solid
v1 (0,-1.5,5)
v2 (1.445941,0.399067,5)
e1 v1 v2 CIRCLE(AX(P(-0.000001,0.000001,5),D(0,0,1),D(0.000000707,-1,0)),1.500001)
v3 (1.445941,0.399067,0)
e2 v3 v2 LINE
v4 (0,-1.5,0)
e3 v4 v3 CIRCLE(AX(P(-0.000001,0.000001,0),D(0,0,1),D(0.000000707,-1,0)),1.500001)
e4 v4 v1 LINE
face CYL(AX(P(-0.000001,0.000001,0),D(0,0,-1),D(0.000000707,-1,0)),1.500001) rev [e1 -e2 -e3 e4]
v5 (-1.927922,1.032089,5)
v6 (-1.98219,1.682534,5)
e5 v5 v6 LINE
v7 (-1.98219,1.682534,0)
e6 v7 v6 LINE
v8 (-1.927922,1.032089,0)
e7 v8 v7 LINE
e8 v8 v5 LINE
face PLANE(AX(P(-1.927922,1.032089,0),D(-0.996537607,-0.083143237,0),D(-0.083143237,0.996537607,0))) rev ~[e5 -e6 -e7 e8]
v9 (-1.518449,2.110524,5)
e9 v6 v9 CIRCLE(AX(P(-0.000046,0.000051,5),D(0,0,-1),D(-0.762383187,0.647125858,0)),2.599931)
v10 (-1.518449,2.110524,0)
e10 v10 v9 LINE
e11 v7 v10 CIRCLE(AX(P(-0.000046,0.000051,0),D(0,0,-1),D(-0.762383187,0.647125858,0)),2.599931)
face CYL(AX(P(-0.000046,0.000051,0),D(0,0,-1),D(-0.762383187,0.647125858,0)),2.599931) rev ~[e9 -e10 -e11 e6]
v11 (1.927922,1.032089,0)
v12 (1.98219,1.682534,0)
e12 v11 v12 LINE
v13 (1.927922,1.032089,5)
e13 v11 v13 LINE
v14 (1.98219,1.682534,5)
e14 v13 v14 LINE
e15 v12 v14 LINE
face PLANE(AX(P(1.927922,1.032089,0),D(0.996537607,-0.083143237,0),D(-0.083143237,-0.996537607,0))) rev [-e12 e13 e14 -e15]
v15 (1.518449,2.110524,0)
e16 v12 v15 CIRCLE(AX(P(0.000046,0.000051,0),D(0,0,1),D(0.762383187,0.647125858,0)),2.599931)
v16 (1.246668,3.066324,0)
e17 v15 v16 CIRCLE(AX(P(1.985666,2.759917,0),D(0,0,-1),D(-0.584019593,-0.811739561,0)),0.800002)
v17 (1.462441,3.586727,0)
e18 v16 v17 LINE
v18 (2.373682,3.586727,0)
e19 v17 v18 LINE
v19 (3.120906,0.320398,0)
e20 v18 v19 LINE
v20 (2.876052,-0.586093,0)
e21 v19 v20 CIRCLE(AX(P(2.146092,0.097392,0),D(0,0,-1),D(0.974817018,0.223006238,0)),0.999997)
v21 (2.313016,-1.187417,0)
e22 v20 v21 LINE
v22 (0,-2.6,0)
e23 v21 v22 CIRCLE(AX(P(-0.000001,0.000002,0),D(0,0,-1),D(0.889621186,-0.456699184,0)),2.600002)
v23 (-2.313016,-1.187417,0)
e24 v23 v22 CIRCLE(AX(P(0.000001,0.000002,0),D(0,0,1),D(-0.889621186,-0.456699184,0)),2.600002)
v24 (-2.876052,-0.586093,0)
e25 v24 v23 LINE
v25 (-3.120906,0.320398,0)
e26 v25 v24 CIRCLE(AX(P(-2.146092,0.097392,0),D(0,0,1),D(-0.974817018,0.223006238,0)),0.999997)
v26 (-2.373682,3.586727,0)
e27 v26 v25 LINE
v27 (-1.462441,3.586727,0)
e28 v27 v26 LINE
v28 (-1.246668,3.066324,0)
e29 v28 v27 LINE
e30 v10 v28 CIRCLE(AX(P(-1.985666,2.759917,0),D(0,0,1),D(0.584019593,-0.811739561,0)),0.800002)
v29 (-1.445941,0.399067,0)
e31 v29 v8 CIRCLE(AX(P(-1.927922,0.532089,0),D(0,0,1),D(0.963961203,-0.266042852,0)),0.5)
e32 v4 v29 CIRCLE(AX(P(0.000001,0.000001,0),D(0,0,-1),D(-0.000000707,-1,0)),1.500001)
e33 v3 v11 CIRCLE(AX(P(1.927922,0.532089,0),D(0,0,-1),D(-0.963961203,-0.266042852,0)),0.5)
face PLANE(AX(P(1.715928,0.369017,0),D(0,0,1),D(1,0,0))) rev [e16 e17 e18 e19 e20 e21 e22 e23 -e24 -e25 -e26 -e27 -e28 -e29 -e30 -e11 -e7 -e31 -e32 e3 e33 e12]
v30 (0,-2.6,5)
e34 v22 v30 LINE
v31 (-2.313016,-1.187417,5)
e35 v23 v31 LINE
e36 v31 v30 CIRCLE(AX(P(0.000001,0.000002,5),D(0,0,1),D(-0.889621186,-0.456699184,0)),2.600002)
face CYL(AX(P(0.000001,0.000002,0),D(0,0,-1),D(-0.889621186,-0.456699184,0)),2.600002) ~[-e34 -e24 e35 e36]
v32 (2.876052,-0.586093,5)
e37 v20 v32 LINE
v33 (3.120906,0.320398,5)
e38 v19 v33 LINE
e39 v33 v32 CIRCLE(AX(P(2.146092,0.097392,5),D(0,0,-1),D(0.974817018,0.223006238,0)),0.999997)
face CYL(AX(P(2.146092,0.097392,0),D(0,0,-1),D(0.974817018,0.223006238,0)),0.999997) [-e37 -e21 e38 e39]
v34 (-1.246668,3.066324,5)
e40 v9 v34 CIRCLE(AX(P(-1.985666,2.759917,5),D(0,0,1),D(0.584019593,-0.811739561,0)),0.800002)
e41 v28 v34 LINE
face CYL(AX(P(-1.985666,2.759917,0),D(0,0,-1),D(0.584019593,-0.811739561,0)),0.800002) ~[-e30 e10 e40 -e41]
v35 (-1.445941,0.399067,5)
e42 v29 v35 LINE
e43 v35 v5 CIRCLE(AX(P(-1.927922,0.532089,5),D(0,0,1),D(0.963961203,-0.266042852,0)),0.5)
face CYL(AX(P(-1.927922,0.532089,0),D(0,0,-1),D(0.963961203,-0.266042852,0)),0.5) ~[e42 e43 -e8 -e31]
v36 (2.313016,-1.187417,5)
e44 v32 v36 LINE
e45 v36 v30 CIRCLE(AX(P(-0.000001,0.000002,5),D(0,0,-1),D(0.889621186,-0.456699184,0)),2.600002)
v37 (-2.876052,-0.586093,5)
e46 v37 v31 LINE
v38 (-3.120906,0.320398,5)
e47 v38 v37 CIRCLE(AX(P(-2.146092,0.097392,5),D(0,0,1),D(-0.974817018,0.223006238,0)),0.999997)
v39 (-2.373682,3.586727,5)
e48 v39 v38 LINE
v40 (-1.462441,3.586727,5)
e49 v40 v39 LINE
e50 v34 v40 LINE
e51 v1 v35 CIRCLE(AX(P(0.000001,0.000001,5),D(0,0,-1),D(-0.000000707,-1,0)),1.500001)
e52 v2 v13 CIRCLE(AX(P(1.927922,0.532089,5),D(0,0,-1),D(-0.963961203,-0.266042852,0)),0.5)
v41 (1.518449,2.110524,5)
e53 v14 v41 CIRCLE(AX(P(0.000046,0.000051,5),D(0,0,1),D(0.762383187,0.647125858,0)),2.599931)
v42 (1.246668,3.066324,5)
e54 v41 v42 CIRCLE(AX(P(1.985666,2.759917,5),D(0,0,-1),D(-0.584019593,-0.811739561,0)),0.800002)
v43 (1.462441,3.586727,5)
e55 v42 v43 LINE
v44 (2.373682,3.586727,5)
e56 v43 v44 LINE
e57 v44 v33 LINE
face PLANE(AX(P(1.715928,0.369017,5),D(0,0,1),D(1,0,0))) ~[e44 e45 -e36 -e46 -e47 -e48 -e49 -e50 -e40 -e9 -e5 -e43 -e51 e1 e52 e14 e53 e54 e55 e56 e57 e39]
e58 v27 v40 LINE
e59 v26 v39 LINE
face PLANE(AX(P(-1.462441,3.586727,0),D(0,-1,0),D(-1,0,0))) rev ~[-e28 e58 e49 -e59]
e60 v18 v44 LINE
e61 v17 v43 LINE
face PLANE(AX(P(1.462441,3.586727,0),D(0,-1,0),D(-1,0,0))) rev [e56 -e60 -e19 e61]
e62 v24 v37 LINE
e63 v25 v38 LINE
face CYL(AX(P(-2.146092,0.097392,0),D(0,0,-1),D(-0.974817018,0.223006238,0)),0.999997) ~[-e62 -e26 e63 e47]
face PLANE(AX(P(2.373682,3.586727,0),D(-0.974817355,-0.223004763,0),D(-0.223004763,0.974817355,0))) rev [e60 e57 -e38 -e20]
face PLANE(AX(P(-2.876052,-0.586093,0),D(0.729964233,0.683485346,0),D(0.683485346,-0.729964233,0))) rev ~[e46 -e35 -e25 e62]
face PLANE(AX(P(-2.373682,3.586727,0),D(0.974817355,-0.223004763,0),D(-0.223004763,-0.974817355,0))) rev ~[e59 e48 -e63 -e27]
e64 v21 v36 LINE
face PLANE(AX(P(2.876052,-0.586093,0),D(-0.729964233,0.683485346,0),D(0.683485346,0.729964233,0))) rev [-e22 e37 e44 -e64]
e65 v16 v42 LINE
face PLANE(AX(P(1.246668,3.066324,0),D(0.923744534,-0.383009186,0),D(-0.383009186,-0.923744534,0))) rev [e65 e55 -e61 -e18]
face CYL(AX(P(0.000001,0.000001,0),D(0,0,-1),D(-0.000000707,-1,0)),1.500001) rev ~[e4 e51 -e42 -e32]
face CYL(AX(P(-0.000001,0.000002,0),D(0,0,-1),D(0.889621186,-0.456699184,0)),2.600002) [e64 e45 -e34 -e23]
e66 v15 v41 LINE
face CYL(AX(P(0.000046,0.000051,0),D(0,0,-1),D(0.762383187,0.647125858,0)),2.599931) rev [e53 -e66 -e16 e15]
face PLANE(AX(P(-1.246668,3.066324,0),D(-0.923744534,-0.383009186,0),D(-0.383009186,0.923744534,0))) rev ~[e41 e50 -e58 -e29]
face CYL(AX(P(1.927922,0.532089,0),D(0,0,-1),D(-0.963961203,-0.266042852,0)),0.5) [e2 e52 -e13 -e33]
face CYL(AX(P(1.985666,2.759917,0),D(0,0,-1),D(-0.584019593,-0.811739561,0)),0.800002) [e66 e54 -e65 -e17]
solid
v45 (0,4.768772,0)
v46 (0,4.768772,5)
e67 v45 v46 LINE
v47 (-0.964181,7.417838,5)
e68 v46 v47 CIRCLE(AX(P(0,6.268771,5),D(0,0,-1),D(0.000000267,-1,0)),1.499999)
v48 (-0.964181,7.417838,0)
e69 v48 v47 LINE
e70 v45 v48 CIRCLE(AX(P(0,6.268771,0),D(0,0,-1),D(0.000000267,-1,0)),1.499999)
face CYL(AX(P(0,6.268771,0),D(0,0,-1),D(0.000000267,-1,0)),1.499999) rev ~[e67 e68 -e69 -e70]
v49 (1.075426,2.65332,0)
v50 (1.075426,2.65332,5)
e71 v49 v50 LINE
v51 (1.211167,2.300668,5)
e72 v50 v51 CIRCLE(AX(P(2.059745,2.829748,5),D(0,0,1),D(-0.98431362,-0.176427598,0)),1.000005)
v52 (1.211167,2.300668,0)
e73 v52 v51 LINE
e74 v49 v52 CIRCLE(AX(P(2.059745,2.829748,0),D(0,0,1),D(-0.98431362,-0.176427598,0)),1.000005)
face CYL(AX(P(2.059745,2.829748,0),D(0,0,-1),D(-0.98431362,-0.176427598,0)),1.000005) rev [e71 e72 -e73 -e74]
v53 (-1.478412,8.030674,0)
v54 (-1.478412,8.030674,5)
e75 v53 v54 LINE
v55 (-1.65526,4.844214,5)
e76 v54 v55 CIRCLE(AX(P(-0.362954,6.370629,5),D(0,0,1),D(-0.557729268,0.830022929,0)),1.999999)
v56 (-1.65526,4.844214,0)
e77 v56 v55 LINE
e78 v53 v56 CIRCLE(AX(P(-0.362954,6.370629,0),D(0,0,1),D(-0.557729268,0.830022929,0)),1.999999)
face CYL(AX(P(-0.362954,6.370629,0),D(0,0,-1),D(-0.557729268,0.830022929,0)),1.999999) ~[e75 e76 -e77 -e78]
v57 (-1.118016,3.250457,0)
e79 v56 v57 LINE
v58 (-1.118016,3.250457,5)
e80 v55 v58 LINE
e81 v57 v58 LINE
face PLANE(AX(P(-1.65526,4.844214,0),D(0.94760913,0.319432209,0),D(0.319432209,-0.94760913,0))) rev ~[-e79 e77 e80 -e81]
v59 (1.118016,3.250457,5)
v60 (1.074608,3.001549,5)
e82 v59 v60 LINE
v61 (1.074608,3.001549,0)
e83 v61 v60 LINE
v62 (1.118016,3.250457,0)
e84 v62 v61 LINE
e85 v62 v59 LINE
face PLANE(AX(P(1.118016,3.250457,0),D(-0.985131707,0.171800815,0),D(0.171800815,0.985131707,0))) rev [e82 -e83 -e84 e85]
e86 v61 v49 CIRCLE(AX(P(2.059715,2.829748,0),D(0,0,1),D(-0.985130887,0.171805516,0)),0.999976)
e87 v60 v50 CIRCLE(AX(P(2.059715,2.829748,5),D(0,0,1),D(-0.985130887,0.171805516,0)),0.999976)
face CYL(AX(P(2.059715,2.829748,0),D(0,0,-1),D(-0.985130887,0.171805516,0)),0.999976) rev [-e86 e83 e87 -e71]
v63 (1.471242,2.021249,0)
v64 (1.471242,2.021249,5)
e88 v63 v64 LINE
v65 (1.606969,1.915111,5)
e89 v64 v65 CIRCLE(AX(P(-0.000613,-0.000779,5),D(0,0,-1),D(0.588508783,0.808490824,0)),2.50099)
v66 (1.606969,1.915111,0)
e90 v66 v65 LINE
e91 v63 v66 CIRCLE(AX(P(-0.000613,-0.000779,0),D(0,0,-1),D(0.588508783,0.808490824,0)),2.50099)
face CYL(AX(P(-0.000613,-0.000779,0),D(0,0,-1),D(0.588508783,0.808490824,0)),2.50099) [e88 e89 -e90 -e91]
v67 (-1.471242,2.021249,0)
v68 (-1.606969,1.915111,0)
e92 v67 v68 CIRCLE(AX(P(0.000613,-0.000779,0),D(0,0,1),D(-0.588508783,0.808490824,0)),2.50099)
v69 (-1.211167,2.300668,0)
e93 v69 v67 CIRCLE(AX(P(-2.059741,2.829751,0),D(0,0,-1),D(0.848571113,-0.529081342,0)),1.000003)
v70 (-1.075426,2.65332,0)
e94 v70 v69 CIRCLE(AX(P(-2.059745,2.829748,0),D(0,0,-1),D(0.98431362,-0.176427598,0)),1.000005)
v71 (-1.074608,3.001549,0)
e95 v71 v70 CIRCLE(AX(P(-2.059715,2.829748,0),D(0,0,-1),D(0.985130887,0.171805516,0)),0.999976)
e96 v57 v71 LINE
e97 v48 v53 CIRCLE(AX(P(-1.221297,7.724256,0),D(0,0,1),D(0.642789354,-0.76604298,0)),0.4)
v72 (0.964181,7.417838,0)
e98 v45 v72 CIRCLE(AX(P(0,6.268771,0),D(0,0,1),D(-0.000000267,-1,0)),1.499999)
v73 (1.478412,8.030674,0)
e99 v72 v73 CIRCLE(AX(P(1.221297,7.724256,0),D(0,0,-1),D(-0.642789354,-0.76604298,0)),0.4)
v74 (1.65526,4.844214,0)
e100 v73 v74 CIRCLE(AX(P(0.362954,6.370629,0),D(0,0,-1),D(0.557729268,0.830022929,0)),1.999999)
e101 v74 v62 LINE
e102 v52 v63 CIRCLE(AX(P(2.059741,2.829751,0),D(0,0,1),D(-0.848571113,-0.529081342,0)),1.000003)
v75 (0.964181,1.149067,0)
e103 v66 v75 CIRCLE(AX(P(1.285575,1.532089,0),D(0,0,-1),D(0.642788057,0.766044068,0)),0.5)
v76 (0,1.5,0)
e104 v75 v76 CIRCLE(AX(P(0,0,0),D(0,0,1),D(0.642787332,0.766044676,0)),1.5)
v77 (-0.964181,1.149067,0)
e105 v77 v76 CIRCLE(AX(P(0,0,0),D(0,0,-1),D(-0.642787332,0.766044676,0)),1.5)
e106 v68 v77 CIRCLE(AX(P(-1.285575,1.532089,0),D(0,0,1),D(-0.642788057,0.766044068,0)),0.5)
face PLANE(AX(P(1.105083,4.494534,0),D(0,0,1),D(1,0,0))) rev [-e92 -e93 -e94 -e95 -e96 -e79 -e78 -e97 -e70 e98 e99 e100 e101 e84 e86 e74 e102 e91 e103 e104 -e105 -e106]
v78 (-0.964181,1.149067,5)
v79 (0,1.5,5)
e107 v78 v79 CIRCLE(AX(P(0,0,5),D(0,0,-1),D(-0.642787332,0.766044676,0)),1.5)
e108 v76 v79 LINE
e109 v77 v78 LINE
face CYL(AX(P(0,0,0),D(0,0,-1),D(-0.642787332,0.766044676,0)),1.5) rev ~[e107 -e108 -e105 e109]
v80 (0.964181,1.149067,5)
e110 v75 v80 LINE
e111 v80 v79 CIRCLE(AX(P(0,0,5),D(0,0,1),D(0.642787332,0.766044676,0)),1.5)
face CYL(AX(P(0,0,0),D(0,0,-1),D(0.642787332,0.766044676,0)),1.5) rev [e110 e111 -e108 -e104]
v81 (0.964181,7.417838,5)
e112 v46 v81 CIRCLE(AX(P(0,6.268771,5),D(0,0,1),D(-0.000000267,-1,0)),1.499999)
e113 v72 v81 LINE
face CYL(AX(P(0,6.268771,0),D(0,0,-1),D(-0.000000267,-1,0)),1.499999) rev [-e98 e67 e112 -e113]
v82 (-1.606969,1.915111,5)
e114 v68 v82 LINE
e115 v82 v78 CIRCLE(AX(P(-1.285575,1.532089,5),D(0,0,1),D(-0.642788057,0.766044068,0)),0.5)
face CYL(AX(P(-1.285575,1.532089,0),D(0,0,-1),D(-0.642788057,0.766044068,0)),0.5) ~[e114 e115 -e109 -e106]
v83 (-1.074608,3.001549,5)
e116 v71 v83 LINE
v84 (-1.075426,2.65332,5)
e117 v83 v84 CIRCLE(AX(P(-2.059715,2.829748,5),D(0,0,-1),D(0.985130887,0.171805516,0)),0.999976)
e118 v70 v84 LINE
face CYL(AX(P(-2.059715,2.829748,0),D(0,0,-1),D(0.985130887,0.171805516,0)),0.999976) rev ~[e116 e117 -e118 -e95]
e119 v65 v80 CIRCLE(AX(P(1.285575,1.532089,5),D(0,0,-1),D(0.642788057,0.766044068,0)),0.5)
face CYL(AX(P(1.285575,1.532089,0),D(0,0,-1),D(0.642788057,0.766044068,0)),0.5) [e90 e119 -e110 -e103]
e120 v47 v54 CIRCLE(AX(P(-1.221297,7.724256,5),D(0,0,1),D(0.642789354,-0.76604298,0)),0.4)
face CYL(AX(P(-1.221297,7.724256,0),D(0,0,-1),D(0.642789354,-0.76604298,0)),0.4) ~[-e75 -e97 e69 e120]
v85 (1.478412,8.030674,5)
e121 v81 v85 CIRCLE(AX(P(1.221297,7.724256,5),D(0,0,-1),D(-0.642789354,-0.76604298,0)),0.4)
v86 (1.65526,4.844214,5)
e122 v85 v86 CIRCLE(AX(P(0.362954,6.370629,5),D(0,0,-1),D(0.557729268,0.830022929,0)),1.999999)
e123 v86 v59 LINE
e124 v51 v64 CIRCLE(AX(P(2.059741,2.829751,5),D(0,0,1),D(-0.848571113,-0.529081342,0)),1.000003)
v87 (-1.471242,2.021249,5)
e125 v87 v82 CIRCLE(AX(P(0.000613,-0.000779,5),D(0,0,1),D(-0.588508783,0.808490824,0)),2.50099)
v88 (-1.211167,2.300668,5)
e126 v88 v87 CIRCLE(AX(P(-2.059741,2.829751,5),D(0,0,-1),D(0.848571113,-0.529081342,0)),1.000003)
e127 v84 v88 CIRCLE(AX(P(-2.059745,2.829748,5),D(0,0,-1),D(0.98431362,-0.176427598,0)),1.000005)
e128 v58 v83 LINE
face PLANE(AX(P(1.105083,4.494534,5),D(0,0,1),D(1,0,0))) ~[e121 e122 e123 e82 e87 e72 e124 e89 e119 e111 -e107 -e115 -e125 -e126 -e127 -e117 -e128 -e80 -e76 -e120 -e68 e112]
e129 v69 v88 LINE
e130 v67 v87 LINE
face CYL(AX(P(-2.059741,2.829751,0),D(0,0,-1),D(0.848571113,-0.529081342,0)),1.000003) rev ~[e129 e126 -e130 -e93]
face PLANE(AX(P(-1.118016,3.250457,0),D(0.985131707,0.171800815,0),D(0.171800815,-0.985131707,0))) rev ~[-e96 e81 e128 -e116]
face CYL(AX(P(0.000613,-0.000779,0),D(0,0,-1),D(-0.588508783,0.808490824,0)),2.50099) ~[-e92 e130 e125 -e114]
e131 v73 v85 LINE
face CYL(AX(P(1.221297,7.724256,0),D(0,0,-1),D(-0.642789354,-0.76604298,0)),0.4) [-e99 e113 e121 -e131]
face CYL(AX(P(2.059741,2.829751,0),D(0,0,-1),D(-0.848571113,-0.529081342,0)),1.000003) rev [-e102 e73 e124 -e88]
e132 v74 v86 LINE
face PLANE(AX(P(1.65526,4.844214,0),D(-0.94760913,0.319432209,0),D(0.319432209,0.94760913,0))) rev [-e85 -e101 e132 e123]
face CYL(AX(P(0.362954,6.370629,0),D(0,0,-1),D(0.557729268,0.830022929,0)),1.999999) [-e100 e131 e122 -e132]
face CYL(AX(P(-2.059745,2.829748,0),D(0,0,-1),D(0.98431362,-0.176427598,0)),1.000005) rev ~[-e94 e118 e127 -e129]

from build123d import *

# Parameters (mm, degrees)
F1_DEPTH = 5
F2_DEPTH = 5
F3_DEPTH = 5


with BuildPart() as f1:
    # F0 (on Top) → F1 (new body)
    with BuildSketch(Plane.XY):
        with BuildLine():
            Line((0, 1.5), (0, 2))
            Line((0, 2), (0, 2.6))
            Line((0, 2.6), (0, 3.047834))
            Line((0, 3.047834), (0, 4.768772))
            ThreePointArc((0, 4.768772), (-1.409539, 5.755742), (-0.964181, 7.417838))
            ThreePointArc((-0.964181, 7.417838), (-0.914879, 7.981371), (-1.478412, 8.030674))
            ThreePointArc((-1.478412, 8.030674), (-2.35988, 6.481458), (-1.65526, 4.844214))
            Line((-1.65526, 4.844214), (-1.118016, 3.250457))
            Line((-1.118016, 3.250457), (-1.074608, 3.001549))
            ThreePointArc((-1.074608, 3.001549), (-1.059742, 2.827399), (-1.075426, 2.65332))
            ThreePointArc((-1.075426, 2.65332), (-1.126488, 2.470524), (-1.211167, 2.300668))
            ThreePointArc((-1.211167, 2.300668), (-1.327748, 2.148434), (-1.471242, 2.021249))
            ThreePointArc((-1.471242, 2.021249), (-1.54002, 1.969349), (-1.606969, 1.915111))
            ThreePointArc((-1.606969, 1.915111), (-1.668597, 1.210695), (-0.964181, 1.149067))
            ThreePointArc((-0.964181, 1.149067), (-0.51303, 1.409539), (0, 1.5))
        make_face()
    extrude(amount=F1_DEPTH)

    # F5: F1 across plane


with BuildPart() as f2:
    # F0 (on Top) → F2 (new body)
    with BuildSketch(Plane.XY):
        with BuildLine():
            ThreePointArc((0, -1.5), (-1.19344, -0.90868), (-1.445941, 0.399067))
            ThreePointArc((-1.445941, 0.399067), (-1.530108, 0.834982), (-1.927922, 1.032089))
            Line((-1.927922, 1.032089), (-1.98219, 1.682534))
            ThreePointArc((-1.98219, 1.682534), (-1.763353, 1.910651), (-1.518449, 2.110524))
            ThreePointArc((-1.518449, 2.110524), (-1.216168, 2.541111), (-1.246668, 3.066324))
            Line((-1.246668, 3.066324), (-1.462441, 3.586727))
            Line((-1.462441, 3.586727), (-2.373682, 3.586727))
            Line((-2.373682, 3.586727), (-3.120906, 0.320398))
            ThreePointArc((-3.120906, 0.320398), (-3.111491, -0.163373), (-2.876052, -0.586093))
            Line((-2.876052, -0.586093), (-2.313016, -1.187417))
            ThreePointArc((-2.313016, -1.187417), (-1.355123, -2.218928), (0, -2.6))
            Line((0, -2.6), (0, -2.5))
            Line((0, -2.5), (0, -1.5))
        make_face()
    extrude(amount=F2_DEPTH)

    # F0 (on Top) → F3 (join)
    with BuildSketch(Plane.XY):
        with BuildLine():
            ThreePointArc((0, -1.5), (-1.19344, -0.90868), (-1.445941, 0.399067))
            ThreePointArc((-1.445941, 0.399067), (-1.530108, 0.834982), (-1.927922, 1.032089))
            Line((-1.927922, 1.032089), (-1.98219, 1.682534))
            ThreePointArc((-1.98219, 1.682534), (-1.763353, 1.910651), (-1.518449, 2.110524))
            ThreePointArc((-1.518449, 2.110524), (-1.216168, 2.541111), (-1.246668, 3.066324))
            Line((-1.246668, 3.066324), (-1.462441, 3.586727))
            Line((-1.462441, 3.586727), (-2.373682, 3.586727))
            Line((-2.373682, 3.586727), (-3.120906, 0.320398))
            ThreePointArc((-3.120906, 0.320398), (-3.111491, -0.163373), (-2.876052, -0.586093))
            Line((-2.876052, -0.586093), (-2.313016, -1.187417))
            ThreePointArc((-2.313016, -1.187417), (-1.355123, -2.218928), (0, -2.6))
            Line((0, -2.6), (0, -2.5))
            Line((0, -2.5), (0, -1.5))
        make_face()
    extrude(amount=F3_DEPTH)

    # F4: F2 across plane


with BuildPart() as f2_1:
    add(f2.part)
    add(f2.part.mirror(Plane.YZ))


with BuildPart() as f1_1:
    add(f1.part)
    add(f1.part.mirror(Plane.YZ))


solid = Compound([f2_1.part, f1_1.part])
